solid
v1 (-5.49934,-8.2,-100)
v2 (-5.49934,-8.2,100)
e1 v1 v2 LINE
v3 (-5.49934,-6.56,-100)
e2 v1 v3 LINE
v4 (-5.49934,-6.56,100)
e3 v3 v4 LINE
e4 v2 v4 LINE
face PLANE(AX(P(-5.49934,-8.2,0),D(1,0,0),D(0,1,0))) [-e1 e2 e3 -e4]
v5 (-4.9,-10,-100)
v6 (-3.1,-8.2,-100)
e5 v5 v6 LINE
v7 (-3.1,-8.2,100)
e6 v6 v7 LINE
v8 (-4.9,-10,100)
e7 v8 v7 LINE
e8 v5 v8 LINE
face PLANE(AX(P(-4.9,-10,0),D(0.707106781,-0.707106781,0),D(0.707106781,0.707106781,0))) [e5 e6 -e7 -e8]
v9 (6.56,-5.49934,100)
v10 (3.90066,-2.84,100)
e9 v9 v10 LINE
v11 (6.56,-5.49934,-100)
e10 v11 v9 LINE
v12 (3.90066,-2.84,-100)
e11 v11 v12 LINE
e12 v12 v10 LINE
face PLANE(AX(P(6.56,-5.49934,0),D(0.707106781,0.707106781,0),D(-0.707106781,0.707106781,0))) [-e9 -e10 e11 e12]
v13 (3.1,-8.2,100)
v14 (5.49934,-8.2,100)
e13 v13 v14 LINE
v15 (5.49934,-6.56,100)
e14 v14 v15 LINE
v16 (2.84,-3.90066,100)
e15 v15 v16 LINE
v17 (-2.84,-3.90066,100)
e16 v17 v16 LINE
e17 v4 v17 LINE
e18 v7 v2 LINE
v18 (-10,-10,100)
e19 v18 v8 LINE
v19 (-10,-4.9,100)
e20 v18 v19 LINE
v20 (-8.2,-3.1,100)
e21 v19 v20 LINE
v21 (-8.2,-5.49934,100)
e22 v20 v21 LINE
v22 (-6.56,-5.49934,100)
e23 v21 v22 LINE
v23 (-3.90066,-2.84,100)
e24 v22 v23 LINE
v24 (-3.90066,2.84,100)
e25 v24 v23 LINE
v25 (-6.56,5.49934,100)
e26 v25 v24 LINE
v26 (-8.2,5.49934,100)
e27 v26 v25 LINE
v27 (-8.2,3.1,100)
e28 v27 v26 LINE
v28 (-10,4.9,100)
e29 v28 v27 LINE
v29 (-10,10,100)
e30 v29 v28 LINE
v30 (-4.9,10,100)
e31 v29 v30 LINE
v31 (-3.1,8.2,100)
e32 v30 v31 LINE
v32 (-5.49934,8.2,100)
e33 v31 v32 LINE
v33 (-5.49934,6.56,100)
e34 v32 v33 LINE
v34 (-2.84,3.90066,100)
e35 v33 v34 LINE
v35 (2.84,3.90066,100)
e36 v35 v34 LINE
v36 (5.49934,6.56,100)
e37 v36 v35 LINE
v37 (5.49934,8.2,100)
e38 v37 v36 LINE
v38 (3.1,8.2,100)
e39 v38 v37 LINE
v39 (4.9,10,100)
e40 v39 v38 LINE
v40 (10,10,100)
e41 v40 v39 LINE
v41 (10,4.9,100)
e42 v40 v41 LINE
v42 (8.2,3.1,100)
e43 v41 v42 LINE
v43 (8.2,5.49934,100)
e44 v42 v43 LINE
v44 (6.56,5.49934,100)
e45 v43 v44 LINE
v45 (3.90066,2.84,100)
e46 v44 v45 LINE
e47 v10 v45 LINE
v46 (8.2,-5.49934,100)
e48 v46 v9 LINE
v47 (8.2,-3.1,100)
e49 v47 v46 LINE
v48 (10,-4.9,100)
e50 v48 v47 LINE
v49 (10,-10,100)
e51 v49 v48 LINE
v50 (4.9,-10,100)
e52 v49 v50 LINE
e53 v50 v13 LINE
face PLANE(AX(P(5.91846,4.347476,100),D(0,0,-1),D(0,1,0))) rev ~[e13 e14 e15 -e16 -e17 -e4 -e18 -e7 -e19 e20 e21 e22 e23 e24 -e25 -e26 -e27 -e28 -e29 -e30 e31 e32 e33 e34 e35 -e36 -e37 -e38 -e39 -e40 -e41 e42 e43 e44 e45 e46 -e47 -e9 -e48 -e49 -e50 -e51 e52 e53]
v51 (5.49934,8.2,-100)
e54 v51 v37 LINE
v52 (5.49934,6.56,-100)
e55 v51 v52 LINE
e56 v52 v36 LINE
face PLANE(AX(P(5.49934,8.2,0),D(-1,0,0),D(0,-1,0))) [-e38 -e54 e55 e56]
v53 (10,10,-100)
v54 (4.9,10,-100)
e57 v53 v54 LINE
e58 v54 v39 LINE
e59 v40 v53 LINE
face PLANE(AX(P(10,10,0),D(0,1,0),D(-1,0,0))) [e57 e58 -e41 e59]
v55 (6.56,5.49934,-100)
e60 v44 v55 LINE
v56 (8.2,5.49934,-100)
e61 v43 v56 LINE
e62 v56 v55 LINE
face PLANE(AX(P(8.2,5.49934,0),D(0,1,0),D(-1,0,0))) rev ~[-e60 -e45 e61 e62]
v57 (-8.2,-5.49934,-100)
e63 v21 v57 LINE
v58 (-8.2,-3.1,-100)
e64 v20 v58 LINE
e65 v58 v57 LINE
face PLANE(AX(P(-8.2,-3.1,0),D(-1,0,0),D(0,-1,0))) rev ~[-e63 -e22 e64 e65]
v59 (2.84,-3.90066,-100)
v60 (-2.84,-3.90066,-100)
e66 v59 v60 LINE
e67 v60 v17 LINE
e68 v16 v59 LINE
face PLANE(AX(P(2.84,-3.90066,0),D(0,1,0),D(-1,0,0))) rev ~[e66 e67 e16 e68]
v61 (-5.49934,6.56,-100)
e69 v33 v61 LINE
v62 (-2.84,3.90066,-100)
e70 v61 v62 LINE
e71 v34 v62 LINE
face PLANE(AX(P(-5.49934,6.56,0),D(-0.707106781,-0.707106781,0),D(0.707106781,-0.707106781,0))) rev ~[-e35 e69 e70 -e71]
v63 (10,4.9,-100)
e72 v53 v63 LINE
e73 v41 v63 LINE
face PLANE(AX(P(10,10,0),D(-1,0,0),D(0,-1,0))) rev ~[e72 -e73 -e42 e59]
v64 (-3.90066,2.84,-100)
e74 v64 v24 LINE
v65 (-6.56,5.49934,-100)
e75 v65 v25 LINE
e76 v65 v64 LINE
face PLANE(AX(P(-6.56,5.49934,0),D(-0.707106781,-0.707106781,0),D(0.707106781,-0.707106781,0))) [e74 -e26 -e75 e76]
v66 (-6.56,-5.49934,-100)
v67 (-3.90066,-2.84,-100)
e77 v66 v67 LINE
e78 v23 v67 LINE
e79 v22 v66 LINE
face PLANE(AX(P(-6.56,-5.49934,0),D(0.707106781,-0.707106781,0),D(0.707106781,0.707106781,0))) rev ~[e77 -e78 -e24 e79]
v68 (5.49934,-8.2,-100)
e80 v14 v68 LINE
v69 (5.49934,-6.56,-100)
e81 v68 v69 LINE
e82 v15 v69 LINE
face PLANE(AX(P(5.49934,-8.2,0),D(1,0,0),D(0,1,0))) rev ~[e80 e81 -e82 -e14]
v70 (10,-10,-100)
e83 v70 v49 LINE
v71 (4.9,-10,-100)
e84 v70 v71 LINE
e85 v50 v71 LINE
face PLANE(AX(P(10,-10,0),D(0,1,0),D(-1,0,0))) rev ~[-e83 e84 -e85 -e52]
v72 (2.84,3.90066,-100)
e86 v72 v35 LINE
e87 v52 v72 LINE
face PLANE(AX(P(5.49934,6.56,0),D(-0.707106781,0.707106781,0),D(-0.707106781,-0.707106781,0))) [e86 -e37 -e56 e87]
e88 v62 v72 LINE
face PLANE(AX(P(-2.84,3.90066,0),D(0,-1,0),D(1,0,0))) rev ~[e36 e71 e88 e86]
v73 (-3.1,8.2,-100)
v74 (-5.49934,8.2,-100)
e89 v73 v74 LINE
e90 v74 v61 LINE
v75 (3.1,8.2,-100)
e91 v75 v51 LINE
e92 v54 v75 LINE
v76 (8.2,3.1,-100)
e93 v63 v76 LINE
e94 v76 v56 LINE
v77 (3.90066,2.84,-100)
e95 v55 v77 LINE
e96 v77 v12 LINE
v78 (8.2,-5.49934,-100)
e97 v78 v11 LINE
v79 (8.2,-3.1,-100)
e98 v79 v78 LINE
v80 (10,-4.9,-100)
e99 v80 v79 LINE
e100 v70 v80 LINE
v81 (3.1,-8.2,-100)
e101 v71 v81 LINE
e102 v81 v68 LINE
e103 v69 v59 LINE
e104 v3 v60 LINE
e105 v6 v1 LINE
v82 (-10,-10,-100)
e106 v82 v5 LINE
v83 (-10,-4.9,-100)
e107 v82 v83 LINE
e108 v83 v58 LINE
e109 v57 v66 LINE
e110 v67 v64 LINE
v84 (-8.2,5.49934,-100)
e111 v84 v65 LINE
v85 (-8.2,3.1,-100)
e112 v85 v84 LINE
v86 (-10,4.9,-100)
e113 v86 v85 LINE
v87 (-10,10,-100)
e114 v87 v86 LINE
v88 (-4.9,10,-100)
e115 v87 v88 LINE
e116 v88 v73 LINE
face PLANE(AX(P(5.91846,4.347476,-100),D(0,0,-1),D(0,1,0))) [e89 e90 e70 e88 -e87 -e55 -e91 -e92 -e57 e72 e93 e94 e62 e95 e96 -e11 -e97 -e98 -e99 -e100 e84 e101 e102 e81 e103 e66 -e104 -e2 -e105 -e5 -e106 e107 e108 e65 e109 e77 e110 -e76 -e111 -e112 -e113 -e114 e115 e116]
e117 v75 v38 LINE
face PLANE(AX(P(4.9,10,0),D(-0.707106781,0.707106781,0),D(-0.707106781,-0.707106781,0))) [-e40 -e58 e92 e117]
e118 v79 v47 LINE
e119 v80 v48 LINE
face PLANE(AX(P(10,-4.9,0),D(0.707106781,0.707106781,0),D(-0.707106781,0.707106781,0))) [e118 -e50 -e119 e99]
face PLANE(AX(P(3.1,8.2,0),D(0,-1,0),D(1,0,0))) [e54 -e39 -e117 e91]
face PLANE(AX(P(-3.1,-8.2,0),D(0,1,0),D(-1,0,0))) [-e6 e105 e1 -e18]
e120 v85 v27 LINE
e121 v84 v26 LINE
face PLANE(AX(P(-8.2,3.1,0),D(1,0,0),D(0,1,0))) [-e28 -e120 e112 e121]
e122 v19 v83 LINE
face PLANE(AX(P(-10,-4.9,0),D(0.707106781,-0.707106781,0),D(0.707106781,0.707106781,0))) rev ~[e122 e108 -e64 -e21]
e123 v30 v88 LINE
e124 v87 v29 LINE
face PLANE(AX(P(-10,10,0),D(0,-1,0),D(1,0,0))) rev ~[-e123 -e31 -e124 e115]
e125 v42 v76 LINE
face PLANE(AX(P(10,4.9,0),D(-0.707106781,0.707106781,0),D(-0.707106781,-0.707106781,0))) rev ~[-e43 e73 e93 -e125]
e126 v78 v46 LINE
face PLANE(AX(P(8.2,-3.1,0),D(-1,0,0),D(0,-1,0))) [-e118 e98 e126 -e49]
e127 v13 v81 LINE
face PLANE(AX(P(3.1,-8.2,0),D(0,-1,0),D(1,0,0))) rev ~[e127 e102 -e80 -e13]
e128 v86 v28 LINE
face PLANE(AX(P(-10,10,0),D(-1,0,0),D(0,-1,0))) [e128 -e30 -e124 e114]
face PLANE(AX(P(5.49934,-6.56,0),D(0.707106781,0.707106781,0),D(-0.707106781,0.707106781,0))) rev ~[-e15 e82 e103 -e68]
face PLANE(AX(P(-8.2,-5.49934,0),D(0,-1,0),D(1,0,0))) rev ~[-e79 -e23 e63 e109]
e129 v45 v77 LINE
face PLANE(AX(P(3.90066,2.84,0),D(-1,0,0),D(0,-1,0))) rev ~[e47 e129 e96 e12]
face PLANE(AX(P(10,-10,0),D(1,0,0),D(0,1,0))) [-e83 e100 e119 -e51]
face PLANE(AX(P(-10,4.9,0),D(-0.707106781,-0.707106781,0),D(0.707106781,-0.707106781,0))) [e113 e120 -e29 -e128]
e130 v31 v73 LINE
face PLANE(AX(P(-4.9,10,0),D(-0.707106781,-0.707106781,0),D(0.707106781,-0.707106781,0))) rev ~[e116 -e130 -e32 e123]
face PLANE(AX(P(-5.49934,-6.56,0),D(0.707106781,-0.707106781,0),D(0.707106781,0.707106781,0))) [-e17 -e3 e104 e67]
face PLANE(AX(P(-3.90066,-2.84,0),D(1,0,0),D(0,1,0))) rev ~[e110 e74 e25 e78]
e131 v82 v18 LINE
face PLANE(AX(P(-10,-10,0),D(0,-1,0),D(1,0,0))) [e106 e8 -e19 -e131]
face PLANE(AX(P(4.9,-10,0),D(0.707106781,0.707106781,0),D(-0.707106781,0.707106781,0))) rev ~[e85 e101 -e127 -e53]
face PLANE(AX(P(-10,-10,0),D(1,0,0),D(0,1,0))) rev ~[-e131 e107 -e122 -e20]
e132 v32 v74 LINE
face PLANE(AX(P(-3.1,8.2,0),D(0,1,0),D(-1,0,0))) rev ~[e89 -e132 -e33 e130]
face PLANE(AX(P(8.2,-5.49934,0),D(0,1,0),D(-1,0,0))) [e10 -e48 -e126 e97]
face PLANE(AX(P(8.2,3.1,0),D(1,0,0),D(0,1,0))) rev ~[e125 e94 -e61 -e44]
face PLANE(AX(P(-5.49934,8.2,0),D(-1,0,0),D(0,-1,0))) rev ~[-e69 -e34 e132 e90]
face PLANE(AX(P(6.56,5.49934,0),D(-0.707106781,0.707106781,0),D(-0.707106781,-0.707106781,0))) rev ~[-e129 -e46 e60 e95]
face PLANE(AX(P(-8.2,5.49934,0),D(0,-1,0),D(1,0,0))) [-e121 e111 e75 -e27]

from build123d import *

# Parameters (mm, degrees)
PAD_DEPTH            = 100
PAD_MIRRORED_2_DEPTH = 100
POLARPATTERN_COUNT   = 4


with BuildPart() as part:
    # Sketch → Pad (new body, symmetric)
    with BuildSketch(Plane.XY):
        Polygon((10, 10), (4.9, 10), (3.1, 8.2), (5.49934, 8.2), (5.49934, 6.56), (2.84, 3.90066), (0, 3.90066), (0, 0), align=None)
    pad = extrude(amount=PAD_DEPTH, both=True)

    # Sketch Mirrored 2 → Pad Mirrored 2 (add, symmetric)
    with BuildSketch(Plane(origin=(0, 0, 0), x_dir=(-1, 0, 0), z_dir=(0, 0, -1))):
        Polygon((10, 10), (4.9, 10), (3.1, 8.2), (5.49934, 8.2), (5.49934, 6.56), (2.84, 3.90066), (0, 3.90066), (0, 0), align=None)
    pad_mirrored_2 = extrude(amount=-PAD_MIRRORED_2_DEPTH, both=True)

    # PolarPattern: Pad, Pad Mirrored 2 ×4 about axis
    polarpattern_axis = Axis((0, 0, 0), (0, 0, 1))
    for i in range(1, POLARPATTERN_COUNT):
        add(pad.rotate(polarpattern_axis, i * 360 / POLARPATTERN_COUNT))
        add(pad_mirrored_2.rotate(polarpattern_axis, i * 360 / POLARPATTERN_COUNT))


solid = part.part
